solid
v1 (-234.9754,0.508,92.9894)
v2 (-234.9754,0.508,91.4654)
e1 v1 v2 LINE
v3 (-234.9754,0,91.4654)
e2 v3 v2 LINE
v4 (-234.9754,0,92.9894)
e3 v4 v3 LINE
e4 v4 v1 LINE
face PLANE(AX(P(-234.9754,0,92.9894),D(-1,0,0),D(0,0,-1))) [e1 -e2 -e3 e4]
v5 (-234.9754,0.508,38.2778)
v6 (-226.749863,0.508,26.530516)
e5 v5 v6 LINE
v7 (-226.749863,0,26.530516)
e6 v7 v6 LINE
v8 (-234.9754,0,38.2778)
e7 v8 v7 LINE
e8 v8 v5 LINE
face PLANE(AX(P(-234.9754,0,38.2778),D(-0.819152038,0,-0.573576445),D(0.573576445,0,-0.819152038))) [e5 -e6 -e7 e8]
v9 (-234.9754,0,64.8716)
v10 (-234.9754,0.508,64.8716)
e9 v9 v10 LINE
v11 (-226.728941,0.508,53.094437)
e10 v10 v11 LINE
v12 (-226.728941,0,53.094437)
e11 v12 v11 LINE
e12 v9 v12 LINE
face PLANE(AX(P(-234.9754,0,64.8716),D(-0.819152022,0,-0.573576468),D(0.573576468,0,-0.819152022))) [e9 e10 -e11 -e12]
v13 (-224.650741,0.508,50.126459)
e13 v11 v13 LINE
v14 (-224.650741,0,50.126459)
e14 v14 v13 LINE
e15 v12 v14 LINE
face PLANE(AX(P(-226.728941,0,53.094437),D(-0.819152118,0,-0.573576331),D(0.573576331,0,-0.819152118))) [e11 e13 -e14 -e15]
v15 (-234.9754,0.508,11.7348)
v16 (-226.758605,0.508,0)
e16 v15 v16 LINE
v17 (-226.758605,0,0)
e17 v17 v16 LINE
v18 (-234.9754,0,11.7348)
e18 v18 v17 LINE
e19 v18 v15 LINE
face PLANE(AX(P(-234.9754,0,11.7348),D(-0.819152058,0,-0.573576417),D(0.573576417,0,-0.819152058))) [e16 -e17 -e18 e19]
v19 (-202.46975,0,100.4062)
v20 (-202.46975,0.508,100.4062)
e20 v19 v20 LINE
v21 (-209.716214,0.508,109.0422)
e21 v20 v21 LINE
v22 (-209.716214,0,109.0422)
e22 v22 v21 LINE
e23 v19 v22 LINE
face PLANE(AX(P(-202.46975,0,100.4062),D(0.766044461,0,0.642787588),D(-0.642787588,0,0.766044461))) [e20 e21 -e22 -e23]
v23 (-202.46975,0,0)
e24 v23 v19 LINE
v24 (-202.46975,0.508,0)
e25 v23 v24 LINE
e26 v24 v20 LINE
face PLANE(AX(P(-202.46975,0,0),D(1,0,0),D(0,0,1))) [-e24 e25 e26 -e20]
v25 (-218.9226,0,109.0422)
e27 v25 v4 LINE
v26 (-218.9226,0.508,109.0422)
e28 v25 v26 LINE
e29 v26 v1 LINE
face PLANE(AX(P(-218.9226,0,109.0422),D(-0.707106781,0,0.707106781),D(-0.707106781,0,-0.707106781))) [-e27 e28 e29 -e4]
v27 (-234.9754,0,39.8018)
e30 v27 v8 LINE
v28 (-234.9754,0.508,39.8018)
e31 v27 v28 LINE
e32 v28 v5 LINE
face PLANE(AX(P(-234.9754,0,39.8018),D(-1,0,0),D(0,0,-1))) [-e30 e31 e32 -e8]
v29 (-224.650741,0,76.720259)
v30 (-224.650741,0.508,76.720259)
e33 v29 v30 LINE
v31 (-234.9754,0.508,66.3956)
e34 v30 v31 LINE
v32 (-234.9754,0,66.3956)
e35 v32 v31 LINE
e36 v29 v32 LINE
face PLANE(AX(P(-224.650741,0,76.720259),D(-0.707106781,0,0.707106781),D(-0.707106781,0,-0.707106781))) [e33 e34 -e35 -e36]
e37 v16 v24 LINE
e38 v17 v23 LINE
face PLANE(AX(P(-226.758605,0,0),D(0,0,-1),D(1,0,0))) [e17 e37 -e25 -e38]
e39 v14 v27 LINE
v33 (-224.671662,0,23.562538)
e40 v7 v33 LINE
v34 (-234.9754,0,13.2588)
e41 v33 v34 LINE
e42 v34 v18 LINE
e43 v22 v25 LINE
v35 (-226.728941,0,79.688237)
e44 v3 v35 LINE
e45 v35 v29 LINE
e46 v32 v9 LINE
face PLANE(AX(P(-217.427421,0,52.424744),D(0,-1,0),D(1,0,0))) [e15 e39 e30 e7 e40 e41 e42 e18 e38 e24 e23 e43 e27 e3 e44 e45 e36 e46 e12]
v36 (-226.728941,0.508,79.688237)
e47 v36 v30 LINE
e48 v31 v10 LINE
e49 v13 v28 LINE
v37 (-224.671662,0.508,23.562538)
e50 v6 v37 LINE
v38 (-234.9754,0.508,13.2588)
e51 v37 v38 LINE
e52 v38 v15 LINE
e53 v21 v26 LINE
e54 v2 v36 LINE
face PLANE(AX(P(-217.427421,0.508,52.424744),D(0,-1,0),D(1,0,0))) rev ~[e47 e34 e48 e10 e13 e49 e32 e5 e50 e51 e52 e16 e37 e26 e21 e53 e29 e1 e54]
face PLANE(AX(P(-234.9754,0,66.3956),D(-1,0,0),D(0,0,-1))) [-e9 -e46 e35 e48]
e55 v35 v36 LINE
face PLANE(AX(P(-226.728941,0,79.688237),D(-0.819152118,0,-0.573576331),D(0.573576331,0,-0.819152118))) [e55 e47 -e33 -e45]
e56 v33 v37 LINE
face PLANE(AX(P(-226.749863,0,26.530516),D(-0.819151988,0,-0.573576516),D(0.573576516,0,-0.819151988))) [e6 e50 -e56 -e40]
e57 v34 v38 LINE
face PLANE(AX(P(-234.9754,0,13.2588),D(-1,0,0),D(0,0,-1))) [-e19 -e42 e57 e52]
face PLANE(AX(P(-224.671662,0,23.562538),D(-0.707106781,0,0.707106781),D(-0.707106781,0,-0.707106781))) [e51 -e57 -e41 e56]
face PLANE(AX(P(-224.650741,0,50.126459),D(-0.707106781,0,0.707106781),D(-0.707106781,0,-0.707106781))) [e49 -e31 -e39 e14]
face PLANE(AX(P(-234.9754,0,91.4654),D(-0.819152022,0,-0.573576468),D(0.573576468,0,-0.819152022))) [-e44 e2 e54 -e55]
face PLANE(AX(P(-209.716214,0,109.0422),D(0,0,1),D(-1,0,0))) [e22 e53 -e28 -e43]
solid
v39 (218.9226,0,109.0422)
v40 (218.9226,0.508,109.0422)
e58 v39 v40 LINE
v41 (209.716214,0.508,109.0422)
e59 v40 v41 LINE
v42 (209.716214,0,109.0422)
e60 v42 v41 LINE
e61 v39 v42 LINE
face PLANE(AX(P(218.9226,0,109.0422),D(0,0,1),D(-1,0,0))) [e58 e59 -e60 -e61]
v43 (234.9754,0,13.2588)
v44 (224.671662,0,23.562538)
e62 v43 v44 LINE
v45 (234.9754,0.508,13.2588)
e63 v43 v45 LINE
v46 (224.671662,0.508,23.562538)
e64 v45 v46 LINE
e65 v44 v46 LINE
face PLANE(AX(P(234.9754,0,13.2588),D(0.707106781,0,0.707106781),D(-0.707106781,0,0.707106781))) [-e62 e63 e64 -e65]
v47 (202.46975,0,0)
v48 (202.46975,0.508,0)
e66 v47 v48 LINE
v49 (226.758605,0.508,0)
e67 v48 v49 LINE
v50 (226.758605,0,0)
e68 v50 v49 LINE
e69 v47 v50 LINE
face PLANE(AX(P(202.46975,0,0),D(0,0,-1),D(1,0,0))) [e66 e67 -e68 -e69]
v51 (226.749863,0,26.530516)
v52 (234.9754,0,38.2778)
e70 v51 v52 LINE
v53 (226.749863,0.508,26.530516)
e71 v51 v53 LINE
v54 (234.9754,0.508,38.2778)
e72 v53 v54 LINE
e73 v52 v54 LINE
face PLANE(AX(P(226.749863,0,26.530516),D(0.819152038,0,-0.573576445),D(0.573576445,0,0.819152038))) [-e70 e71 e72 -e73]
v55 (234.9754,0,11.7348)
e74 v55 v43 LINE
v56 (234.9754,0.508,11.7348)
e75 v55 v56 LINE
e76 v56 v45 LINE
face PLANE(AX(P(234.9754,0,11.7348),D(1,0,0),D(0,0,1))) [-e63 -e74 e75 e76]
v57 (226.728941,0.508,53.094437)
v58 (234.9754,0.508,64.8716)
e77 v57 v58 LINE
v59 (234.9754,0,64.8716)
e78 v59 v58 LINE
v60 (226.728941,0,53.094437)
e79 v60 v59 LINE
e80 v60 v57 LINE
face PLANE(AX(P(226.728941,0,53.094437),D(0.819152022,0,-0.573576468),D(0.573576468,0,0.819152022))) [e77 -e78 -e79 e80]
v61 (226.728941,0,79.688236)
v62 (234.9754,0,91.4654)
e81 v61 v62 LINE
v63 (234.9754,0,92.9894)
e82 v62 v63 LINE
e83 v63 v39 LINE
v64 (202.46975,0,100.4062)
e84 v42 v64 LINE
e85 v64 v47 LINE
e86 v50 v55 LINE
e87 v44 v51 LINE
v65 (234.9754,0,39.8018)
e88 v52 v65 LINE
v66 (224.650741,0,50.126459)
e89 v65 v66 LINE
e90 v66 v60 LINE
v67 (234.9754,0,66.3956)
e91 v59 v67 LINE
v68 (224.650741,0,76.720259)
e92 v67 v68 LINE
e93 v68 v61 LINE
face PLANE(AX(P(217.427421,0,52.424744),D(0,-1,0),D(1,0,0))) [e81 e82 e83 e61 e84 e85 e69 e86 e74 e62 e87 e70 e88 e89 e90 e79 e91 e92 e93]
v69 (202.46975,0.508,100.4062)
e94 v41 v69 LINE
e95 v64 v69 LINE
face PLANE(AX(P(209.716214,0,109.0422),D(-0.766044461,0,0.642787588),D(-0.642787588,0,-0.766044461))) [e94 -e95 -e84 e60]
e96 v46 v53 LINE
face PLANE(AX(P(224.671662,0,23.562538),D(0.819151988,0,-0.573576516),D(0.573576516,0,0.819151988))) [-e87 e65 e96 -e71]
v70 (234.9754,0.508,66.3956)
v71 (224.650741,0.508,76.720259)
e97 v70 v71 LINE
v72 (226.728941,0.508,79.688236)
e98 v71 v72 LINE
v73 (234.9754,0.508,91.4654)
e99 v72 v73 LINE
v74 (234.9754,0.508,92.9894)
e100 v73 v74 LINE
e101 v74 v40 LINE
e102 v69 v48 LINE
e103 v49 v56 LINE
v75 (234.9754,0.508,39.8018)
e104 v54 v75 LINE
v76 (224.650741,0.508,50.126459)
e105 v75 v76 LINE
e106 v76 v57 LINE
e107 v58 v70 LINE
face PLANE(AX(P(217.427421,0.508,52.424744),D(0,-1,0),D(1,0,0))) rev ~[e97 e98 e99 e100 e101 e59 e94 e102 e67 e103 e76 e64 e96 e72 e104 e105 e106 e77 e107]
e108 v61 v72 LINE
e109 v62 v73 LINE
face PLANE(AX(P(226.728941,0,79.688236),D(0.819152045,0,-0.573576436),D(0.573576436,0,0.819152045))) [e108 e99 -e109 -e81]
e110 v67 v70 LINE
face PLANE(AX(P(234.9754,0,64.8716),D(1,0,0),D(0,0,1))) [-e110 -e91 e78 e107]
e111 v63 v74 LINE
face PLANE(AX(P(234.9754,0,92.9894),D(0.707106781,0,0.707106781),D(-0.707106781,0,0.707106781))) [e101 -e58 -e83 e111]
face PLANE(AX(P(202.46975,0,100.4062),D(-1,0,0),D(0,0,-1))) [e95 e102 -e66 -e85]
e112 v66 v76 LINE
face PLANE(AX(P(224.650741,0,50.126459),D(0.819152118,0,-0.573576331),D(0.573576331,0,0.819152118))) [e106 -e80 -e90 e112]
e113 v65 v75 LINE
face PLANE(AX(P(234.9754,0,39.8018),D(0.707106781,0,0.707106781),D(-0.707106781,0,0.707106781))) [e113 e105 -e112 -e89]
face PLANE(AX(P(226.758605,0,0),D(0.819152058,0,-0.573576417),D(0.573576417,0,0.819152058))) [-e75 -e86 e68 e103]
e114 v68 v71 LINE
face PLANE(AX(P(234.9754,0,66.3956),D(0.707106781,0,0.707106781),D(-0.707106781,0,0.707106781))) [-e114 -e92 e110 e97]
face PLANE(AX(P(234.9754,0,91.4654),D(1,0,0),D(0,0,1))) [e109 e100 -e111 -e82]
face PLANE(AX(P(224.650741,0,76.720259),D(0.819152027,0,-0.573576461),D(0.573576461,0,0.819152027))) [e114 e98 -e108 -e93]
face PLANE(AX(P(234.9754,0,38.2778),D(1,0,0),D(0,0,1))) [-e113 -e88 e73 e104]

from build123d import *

# Parameters (mm, degrees)
F1_DEPTH = 0.508


with BuildPart() as f1:
    # F0 (on Front) → F1 (new body)
    with BuildSketch(Plane.XZ):
        Polygon((202.46975, 100.4062), (202.46975, 0), (226.758605, 0), (234.9754, 11.7348), (234.9754, 13.2588), (227.233674, 21.000526), (224.671662, 23.562538), (226.749863, 26.530516), (234.9754, 38.2778), (234.9754, 39.8018), (227.212753, 47.564447), (224.650741, 50.126459), (226.728941, 53.094437), (234.9754, 64.8716), (234.9754, 66.3956), (227.212753, 74.158247), (224.650741, 76.720259), (226.728941, 79.688236), (234.9754, 91.4654), (234.9754, 92.9894), (218.9226, 109.0422), (209.716214, 109.0422), align=None)
        Polygon((-234.9754, 64.8716), (-226.728941, 53.094437), (-224.650741, 50.126459), (-227.212753, 47.564447), (-234.9754, 39.8018), (-234.9754, 38.2778), (-226.749863, 26.530516), (-224.671662, 23.562538), (-227.233674, 21.000526), (-234.9754, 13.2588), (-234.9754, 11.7348), (-226.758605, 0), (-202.46975, 0), (-202.46975, 100.4062), (-209.716214, 109.0422), (-218.9226, 109.0422), (-234.9754, 92.9894), (-234.9754, 91.4654), (-226.728941, 79.688237), (-224.650741, 76.720259), (-227.212753, 74.158247), (-234.9754, 66.3956), align=None)
    extrude(amount=-F1_DEPTH)


solid = f1.part
